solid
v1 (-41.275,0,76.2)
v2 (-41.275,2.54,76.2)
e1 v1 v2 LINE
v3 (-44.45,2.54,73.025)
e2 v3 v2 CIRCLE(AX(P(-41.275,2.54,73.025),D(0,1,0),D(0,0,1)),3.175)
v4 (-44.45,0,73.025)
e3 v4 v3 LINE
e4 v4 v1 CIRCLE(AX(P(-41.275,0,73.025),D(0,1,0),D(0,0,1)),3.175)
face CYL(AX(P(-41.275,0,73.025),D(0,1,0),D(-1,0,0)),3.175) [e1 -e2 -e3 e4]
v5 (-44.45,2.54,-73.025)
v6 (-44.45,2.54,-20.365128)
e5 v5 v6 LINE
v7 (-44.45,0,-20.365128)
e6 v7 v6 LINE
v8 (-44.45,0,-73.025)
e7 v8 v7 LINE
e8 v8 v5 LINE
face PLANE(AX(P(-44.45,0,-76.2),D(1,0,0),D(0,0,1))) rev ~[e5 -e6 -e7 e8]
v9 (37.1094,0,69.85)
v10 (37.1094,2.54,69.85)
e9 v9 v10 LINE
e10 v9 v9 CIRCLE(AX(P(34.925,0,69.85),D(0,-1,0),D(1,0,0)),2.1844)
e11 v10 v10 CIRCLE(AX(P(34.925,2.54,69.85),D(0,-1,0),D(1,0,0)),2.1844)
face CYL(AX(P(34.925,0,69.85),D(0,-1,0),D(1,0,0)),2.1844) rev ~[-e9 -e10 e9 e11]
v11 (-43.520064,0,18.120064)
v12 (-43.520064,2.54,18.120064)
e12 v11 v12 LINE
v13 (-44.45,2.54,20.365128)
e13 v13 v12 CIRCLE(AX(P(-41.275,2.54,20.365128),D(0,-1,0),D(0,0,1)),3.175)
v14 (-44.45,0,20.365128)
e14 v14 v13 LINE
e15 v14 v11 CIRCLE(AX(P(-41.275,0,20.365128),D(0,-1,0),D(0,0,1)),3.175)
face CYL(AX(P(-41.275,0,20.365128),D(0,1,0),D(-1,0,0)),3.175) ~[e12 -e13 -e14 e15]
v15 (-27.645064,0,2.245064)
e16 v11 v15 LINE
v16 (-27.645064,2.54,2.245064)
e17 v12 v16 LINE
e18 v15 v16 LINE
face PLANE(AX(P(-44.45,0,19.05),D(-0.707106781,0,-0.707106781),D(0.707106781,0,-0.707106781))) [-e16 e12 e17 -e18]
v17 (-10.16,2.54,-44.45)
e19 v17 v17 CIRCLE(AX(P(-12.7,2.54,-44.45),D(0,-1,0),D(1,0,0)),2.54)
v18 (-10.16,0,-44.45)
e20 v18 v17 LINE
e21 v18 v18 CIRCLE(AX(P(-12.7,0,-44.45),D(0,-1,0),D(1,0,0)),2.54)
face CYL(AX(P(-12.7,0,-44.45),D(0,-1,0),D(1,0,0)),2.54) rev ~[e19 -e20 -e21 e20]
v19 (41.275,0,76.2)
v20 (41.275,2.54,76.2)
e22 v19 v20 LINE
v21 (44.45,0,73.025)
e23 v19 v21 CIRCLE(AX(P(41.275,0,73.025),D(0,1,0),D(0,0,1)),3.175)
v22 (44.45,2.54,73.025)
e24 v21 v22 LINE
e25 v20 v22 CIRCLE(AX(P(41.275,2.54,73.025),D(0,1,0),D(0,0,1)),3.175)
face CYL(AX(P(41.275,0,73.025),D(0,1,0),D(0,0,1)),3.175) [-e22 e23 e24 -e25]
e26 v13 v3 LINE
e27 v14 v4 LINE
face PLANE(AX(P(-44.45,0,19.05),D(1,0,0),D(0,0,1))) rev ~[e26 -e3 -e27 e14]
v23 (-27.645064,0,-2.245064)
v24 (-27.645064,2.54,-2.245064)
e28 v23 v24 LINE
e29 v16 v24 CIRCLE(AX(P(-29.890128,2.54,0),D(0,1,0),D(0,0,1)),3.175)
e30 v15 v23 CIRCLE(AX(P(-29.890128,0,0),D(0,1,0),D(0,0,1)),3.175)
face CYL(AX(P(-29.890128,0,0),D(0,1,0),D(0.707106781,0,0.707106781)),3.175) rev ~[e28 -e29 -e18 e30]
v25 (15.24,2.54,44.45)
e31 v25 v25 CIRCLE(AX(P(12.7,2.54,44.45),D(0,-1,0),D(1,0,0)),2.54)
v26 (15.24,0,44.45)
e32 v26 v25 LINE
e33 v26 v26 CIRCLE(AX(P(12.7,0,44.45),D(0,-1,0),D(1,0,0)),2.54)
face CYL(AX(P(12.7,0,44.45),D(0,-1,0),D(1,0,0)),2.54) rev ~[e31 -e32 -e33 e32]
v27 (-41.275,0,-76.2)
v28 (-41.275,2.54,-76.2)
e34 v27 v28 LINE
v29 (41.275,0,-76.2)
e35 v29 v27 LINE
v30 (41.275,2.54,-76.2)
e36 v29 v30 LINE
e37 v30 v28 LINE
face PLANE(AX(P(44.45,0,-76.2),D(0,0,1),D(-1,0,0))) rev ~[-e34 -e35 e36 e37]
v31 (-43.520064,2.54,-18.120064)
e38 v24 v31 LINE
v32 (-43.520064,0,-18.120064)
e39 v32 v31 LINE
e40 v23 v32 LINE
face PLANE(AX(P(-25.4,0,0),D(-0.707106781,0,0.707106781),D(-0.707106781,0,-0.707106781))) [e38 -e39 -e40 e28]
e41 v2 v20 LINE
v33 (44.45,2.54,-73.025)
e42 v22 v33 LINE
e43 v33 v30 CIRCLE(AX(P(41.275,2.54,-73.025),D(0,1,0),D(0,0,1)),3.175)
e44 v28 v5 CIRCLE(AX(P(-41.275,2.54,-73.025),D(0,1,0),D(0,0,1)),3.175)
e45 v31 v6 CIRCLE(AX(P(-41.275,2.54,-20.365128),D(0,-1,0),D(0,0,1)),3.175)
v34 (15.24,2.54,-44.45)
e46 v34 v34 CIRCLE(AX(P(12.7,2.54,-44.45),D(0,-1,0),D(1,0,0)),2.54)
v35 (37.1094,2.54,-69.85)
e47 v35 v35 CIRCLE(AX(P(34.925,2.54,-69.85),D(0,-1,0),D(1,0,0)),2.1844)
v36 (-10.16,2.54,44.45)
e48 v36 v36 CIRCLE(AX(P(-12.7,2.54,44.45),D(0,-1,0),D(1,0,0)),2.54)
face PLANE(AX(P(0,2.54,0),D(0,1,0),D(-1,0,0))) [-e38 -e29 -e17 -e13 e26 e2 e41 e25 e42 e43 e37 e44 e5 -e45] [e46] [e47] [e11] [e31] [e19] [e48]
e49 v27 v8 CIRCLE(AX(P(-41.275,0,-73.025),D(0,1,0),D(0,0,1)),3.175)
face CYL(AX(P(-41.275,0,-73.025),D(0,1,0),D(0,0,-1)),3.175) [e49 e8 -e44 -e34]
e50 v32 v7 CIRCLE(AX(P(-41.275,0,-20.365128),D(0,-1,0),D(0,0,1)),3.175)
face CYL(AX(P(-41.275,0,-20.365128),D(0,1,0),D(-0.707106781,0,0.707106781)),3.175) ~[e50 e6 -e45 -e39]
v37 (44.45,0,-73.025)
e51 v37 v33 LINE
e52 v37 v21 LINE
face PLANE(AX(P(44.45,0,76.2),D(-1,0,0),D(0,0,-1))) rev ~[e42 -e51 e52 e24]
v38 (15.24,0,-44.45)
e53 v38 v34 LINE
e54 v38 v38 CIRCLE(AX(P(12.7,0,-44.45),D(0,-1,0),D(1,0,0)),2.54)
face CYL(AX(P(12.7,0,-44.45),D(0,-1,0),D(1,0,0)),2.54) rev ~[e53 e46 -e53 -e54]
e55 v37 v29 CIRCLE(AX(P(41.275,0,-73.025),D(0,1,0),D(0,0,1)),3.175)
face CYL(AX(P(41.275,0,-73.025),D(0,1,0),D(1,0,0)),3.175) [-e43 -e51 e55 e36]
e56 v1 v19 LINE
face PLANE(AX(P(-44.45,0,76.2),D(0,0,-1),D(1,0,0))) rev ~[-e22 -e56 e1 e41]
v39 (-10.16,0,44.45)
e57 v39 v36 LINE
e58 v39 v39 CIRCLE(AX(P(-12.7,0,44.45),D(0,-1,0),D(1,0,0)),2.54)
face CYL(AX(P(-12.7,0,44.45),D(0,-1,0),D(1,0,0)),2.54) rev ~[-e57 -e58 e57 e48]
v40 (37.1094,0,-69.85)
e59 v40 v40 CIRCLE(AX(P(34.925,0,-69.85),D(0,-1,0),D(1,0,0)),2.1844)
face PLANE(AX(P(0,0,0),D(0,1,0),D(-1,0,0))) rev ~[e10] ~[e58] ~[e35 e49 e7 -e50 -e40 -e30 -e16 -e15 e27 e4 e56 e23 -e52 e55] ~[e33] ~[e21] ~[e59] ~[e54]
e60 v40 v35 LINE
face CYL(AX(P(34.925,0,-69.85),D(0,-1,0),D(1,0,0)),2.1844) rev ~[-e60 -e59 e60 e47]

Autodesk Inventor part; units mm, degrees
ref_plane "YZ Plane" through (0, 0, 0) normal (1, 0, 0) x (0, 1, 0)
ref_plane "XZ Plane" through (0, 0, 0) normal (0, 1, 0) x (-1, 0, 0)
sketch "Sketch1" plane through (0, 0, 0) normal (0, 1, 0) x (-1, 0, 0)
  line L0 (44.45, 76.2) -> (-44.45, 76.2)
  line L1 (-44.45, -76.2) -> (44.45, -76.2)
  line L2 (44.45, 76.2) -> (-44.45, -76.2) construction
  line L3 (-44.45, 76.2) -> (44.45, -76.2) construction
  line L4 (0, 0) -> (-53.721, 0) construction
  line L5 (-44.45, 76.2) -> (-44.45, -76.2)
  line L6 (-44.45, -35.3838) -> (-44.45, -76.2)
  line L7 (44.45, 19.05) -> (25.4, 0)
  line L8 (25.4, 0) -> (44.45, -19.05)
  line L9 (44.45, -76.2) -> (44.45, -19.05)
  line L10 (44.45, 19.05) -> (44.45, 76.2)
  point P0 (-12.7, 0)
  point P1 (-44.45, 0)
  dimension "d0" = 88.9
  dimension "d1" = 152.4
  dimension "d4" = 12.7
  dimension "d27" = 90
  dimension "d29" = 19.05
extrude "Extrusion1" add sketch "Sketch1" along normal blind 2.54
ref_plane "Work Plane1" through (-44.45, 0, 69.85) normal (0, 0, 1) x (1, 0, 0)
sketch "Sketch3" plane through (0, 0, 0) normal (0, -1, 0) x (1, 0, 0)
  arc A0 (41.275, 69.85) -> (34.925, 76.2) centre (34.925, 69.85) ccw projected
  circle A1 centre (34.925, 69.85) radius 2.1844
  circle A2 centre (34.925, -69.85) radius 2.1844
  arc A3 (34.925, -76.2) -> (41.275, -69.85) centre (34.925, -69.85) ccw projected
  point P0 (0, 0)
  dimension "d22" = 4.3688
  dimension "d23" = 4.3688
extrude "Extrusion3" cut sketch "Sketch3" against normal through all
fillet "Fillet2" radius 3.175 3 edges at (-25.4, 1.27, 0) (-44.45, 1.27, -19.05) (-44.45, 1.27, 19.05)
fillet "Fillet3" radius 3.175 4 edges at (-44.45, 1.27, -76.2) (44.45, 1.27, -76.2) (44.45, 1.27, 76.2) (-44.45, 1.27, 76.2)
sketch "Sketch4" plane through (0, 0, 0) normal (0, -1, 0) x (1, 0, 0)
  circle A0 centre (-12.7, 44.45) radius 2.54
  circle A1 centre (12.7, 44.45) radius 2.54
  circle A2 centre (-12.7, -44.45) radius 2.54
  circle A3 centre (12.7, -44.45) radius 2.54
  line L0 (41.275, -76.2) -> (-41.275, -76.2) projected
  line L1 (0, -76.2) -> (0, 76.2) construction
  line L2 (-41.275, 76.2) -> (41.275, 76.2) projected
  line L3 (-12.7, -44.45) -> (-12.7, 44.45) construction
  arc A4 (-27.6451, -2.2451) -> (-27.6451, 2.2451) centre (-29.8901, 0) ccw projected
  line L4 (-26.7151, 0) -> (44.45, 0) construction
  line L5 (44.45, 73.025) -> (44.45, -73.025) projected
  point P0 (0, 0)
  dimension "d33" = 25.4
  dimension "d34" = 5.08
  dimension "d35" = 88.9
extrude "Extrusion4" cut sketch "Sketch4" against normal through all
properties part number "match_loader"
